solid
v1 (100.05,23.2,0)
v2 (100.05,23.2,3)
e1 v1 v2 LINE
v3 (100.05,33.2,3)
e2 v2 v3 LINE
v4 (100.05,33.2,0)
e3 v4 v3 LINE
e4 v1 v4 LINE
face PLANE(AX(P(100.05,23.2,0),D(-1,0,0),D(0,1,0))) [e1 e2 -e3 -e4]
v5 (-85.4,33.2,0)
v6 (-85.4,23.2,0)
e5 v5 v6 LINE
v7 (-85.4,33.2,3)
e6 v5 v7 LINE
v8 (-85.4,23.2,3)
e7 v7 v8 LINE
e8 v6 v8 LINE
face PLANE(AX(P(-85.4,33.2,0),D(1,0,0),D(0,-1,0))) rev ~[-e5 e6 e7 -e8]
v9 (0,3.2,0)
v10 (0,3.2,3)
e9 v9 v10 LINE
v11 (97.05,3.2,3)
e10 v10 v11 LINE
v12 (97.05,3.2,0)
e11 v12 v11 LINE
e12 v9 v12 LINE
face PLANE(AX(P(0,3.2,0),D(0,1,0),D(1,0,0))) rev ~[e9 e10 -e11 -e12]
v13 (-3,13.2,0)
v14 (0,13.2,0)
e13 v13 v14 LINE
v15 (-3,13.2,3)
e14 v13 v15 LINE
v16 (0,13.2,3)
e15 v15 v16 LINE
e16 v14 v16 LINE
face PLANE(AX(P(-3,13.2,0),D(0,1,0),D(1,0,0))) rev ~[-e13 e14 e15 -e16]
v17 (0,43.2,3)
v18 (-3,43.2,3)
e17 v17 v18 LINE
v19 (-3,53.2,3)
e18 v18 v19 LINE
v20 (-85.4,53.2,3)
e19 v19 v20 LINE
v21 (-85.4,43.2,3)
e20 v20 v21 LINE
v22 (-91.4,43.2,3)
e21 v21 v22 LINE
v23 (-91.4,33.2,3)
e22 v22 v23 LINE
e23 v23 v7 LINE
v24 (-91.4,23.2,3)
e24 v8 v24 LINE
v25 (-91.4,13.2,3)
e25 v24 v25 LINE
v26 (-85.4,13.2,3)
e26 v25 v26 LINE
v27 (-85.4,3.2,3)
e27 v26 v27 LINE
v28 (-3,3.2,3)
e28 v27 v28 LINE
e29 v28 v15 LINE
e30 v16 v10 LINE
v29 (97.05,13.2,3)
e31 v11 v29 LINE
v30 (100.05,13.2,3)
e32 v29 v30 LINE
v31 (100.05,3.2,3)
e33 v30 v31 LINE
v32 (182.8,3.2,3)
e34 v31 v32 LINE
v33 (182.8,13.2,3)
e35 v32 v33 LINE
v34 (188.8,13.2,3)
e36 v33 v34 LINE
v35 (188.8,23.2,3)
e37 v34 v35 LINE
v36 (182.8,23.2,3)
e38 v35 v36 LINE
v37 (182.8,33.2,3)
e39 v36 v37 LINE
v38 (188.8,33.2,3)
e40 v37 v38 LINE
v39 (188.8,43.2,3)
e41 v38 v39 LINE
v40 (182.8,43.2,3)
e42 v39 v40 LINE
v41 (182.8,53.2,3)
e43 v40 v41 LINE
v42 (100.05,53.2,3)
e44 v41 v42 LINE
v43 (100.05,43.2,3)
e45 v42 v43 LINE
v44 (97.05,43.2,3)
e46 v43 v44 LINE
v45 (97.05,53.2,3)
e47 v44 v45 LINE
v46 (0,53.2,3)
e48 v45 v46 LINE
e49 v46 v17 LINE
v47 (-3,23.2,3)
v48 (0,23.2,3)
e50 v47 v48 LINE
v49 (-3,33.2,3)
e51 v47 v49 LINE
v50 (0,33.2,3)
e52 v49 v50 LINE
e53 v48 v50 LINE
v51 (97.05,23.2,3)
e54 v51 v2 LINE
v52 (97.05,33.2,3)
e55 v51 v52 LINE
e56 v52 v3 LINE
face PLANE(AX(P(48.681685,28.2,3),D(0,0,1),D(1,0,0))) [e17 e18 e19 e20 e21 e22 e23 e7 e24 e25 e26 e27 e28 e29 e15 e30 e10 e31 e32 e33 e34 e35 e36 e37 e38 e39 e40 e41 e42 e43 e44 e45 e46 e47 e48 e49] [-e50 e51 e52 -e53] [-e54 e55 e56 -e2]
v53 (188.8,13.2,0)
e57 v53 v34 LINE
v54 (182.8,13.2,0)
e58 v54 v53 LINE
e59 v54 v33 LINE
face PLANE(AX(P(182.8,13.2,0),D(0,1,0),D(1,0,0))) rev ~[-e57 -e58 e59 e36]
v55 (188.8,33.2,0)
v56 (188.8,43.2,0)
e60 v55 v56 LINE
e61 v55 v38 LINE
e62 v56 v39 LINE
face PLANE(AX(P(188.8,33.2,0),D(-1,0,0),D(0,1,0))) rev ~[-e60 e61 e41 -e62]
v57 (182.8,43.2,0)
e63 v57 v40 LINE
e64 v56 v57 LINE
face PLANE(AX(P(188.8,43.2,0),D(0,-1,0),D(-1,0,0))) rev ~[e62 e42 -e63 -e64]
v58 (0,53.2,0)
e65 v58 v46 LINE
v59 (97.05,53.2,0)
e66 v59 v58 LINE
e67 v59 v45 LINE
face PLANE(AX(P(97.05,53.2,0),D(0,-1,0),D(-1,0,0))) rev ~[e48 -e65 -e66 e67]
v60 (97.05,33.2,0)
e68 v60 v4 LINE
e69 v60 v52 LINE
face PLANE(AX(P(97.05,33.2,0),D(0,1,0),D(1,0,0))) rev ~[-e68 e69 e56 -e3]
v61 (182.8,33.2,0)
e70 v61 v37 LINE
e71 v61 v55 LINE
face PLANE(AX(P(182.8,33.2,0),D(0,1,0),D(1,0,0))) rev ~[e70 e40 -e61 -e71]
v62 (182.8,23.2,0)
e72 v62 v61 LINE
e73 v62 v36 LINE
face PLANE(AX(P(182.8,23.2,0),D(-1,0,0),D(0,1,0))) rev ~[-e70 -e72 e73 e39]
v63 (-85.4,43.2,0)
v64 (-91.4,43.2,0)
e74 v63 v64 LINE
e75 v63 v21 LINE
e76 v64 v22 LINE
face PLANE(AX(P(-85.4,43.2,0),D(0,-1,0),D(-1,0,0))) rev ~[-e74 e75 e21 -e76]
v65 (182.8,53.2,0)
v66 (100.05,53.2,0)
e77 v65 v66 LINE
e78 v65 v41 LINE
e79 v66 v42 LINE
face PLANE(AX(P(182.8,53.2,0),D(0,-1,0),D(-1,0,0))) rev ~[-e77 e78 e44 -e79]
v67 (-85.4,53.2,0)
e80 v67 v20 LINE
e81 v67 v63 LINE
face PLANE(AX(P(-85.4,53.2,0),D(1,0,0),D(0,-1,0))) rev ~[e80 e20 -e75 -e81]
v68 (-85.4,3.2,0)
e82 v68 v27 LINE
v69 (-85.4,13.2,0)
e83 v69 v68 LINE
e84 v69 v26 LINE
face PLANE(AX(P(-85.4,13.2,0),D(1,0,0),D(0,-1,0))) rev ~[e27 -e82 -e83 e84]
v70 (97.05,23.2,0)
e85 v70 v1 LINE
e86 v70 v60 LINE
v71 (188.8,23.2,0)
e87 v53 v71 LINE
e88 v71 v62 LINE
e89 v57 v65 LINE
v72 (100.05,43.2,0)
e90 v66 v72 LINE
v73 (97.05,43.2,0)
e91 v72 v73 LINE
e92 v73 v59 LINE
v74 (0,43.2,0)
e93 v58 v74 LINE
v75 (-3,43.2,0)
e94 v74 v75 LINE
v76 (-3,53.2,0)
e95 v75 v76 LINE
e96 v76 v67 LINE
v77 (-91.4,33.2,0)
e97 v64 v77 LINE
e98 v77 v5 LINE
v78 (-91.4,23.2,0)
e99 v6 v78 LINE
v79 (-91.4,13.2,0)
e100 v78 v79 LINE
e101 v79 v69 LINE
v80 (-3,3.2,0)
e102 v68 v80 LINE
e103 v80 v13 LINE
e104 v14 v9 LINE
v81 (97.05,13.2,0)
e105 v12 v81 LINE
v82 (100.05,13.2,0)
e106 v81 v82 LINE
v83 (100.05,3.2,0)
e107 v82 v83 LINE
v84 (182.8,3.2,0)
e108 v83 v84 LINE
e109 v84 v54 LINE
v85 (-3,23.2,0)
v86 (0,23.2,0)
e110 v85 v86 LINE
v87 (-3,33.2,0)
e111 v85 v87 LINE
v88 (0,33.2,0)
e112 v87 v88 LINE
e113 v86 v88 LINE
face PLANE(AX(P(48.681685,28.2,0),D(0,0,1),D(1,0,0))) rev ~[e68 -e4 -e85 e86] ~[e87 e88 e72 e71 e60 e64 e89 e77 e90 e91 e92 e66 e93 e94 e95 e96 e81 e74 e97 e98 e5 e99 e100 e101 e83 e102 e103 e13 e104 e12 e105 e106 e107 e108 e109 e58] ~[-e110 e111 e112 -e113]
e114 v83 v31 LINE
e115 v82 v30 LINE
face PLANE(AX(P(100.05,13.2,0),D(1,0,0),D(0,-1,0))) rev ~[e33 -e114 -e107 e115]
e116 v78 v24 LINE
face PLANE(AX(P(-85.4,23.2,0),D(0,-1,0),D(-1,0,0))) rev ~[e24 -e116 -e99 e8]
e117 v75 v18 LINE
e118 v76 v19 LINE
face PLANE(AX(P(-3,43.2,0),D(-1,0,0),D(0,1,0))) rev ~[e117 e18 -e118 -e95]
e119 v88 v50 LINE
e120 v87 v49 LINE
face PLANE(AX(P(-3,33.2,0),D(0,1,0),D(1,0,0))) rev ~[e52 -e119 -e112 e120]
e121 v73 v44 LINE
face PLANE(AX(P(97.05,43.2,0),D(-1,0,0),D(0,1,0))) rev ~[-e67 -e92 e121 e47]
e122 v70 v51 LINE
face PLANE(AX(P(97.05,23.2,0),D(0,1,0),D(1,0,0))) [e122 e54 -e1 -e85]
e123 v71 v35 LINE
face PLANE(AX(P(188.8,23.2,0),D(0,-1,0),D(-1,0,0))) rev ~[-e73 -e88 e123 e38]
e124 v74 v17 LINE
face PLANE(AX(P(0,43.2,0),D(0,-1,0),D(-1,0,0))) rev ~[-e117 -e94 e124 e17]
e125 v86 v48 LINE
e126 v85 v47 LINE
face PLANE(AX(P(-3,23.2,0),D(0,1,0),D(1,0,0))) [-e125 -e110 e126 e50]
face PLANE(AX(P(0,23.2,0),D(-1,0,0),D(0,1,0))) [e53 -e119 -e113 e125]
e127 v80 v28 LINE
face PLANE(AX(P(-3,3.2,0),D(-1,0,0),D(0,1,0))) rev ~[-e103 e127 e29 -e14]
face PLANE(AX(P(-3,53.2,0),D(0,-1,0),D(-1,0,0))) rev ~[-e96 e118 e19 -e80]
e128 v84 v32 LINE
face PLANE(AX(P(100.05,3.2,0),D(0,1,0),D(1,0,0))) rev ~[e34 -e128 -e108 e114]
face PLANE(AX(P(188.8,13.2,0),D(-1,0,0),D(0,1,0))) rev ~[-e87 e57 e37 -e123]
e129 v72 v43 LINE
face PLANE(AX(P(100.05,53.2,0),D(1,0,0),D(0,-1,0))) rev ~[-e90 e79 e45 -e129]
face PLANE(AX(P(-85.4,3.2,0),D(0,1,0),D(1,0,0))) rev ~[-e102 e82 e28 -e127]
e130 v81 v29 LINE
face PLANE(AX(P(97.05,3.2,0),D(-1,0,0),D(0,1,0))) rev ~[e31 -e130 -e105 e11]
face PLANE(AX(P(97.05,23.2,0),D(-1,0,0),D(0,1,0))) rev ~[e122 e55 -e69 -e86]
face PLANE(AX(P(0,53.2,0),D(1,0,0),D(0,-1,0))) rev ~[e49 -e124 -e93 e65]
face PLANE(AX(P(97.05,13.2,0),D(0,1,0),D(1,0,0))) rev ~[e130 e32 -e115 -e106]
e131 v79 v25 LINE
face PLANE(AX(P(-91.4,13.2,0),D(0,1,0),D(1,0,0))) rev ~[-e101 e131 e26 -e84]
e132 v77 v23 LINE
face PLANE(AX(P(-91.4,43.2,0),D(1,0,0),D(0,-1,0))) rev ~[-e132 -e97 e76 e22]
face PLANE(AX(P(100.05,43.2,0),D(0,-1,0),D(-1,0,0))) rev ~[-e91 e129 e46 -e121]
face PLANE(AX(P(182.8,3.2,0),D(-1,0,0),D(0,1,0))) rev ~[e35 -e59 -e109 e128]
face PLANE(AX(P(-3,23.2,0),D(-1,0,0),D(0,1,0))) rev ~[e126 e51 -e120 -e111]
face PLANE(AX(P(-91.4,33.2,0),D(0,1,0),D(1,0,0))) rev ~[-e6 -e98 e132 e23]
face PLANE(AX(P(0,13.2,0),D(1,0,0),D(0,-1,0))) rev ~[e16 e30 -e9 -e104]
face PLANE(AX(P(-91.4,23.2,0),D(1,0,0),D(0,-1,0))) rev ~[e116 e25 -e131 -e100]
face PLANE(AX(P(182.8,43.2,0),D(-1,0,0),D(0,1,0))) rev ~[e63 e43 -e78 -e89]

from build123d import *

# Parameters (mm, degrees)
SKETCH1_W           = 3
SKETCH1_H           = 10
BOSS_EXTRUDE1_DEPTH = 3


with BuildPart() as part:
    # Sketch1 → Boss-Extrude1 (new body)
    with BuildSketch(Plane.XY):
        Polygon((-85.4, 23.2), (-91.4, 23.2), (-91.4, 13.2), (-85.4, 13.2), (-85.4, 3.2), (-3, 3.2), (-3, 13.2), (0, 13.2), (0, 3.2), (97.05, 3.2), (97.05, 13.2), (100.05, 13.2), (100.05, 3.2), (182.8, 3.2), (182.8, 13.2), (188.8, 13.2), (188.8, 23.2), (182.8, 23.2), (182.8, 33.2), (188.8, 33.2), (188.8, 43.2), (182.8, 43.2), (182.8, 53.2), (100.05, 53.2), (100.05, 43.2), (97.05, 43.2), (97.05, 53.2), (0, 53.2), (0, 43.2), (-3, 43.2), (-3, 53.2), (-85.4, 53.2), (-85.4, 43.2), (-91.4, 43.2), (-91.4, 33.2), (-85.4, 33.2), align=None)
        with Locations((98.55, 28.2)):
            Rectangle(SKETCH1_W, SKETCH1_H, mode=Mode.SUBTRACT)
        with Locations((-1.5, 28.2)):
            Rectangle(SKETCH1_W, SKETCH1_H, mode=Mode.SUBTRACT)
    extrude(amount=BOSS_EXTRUDE1_DEPTH)


solid = part.part
